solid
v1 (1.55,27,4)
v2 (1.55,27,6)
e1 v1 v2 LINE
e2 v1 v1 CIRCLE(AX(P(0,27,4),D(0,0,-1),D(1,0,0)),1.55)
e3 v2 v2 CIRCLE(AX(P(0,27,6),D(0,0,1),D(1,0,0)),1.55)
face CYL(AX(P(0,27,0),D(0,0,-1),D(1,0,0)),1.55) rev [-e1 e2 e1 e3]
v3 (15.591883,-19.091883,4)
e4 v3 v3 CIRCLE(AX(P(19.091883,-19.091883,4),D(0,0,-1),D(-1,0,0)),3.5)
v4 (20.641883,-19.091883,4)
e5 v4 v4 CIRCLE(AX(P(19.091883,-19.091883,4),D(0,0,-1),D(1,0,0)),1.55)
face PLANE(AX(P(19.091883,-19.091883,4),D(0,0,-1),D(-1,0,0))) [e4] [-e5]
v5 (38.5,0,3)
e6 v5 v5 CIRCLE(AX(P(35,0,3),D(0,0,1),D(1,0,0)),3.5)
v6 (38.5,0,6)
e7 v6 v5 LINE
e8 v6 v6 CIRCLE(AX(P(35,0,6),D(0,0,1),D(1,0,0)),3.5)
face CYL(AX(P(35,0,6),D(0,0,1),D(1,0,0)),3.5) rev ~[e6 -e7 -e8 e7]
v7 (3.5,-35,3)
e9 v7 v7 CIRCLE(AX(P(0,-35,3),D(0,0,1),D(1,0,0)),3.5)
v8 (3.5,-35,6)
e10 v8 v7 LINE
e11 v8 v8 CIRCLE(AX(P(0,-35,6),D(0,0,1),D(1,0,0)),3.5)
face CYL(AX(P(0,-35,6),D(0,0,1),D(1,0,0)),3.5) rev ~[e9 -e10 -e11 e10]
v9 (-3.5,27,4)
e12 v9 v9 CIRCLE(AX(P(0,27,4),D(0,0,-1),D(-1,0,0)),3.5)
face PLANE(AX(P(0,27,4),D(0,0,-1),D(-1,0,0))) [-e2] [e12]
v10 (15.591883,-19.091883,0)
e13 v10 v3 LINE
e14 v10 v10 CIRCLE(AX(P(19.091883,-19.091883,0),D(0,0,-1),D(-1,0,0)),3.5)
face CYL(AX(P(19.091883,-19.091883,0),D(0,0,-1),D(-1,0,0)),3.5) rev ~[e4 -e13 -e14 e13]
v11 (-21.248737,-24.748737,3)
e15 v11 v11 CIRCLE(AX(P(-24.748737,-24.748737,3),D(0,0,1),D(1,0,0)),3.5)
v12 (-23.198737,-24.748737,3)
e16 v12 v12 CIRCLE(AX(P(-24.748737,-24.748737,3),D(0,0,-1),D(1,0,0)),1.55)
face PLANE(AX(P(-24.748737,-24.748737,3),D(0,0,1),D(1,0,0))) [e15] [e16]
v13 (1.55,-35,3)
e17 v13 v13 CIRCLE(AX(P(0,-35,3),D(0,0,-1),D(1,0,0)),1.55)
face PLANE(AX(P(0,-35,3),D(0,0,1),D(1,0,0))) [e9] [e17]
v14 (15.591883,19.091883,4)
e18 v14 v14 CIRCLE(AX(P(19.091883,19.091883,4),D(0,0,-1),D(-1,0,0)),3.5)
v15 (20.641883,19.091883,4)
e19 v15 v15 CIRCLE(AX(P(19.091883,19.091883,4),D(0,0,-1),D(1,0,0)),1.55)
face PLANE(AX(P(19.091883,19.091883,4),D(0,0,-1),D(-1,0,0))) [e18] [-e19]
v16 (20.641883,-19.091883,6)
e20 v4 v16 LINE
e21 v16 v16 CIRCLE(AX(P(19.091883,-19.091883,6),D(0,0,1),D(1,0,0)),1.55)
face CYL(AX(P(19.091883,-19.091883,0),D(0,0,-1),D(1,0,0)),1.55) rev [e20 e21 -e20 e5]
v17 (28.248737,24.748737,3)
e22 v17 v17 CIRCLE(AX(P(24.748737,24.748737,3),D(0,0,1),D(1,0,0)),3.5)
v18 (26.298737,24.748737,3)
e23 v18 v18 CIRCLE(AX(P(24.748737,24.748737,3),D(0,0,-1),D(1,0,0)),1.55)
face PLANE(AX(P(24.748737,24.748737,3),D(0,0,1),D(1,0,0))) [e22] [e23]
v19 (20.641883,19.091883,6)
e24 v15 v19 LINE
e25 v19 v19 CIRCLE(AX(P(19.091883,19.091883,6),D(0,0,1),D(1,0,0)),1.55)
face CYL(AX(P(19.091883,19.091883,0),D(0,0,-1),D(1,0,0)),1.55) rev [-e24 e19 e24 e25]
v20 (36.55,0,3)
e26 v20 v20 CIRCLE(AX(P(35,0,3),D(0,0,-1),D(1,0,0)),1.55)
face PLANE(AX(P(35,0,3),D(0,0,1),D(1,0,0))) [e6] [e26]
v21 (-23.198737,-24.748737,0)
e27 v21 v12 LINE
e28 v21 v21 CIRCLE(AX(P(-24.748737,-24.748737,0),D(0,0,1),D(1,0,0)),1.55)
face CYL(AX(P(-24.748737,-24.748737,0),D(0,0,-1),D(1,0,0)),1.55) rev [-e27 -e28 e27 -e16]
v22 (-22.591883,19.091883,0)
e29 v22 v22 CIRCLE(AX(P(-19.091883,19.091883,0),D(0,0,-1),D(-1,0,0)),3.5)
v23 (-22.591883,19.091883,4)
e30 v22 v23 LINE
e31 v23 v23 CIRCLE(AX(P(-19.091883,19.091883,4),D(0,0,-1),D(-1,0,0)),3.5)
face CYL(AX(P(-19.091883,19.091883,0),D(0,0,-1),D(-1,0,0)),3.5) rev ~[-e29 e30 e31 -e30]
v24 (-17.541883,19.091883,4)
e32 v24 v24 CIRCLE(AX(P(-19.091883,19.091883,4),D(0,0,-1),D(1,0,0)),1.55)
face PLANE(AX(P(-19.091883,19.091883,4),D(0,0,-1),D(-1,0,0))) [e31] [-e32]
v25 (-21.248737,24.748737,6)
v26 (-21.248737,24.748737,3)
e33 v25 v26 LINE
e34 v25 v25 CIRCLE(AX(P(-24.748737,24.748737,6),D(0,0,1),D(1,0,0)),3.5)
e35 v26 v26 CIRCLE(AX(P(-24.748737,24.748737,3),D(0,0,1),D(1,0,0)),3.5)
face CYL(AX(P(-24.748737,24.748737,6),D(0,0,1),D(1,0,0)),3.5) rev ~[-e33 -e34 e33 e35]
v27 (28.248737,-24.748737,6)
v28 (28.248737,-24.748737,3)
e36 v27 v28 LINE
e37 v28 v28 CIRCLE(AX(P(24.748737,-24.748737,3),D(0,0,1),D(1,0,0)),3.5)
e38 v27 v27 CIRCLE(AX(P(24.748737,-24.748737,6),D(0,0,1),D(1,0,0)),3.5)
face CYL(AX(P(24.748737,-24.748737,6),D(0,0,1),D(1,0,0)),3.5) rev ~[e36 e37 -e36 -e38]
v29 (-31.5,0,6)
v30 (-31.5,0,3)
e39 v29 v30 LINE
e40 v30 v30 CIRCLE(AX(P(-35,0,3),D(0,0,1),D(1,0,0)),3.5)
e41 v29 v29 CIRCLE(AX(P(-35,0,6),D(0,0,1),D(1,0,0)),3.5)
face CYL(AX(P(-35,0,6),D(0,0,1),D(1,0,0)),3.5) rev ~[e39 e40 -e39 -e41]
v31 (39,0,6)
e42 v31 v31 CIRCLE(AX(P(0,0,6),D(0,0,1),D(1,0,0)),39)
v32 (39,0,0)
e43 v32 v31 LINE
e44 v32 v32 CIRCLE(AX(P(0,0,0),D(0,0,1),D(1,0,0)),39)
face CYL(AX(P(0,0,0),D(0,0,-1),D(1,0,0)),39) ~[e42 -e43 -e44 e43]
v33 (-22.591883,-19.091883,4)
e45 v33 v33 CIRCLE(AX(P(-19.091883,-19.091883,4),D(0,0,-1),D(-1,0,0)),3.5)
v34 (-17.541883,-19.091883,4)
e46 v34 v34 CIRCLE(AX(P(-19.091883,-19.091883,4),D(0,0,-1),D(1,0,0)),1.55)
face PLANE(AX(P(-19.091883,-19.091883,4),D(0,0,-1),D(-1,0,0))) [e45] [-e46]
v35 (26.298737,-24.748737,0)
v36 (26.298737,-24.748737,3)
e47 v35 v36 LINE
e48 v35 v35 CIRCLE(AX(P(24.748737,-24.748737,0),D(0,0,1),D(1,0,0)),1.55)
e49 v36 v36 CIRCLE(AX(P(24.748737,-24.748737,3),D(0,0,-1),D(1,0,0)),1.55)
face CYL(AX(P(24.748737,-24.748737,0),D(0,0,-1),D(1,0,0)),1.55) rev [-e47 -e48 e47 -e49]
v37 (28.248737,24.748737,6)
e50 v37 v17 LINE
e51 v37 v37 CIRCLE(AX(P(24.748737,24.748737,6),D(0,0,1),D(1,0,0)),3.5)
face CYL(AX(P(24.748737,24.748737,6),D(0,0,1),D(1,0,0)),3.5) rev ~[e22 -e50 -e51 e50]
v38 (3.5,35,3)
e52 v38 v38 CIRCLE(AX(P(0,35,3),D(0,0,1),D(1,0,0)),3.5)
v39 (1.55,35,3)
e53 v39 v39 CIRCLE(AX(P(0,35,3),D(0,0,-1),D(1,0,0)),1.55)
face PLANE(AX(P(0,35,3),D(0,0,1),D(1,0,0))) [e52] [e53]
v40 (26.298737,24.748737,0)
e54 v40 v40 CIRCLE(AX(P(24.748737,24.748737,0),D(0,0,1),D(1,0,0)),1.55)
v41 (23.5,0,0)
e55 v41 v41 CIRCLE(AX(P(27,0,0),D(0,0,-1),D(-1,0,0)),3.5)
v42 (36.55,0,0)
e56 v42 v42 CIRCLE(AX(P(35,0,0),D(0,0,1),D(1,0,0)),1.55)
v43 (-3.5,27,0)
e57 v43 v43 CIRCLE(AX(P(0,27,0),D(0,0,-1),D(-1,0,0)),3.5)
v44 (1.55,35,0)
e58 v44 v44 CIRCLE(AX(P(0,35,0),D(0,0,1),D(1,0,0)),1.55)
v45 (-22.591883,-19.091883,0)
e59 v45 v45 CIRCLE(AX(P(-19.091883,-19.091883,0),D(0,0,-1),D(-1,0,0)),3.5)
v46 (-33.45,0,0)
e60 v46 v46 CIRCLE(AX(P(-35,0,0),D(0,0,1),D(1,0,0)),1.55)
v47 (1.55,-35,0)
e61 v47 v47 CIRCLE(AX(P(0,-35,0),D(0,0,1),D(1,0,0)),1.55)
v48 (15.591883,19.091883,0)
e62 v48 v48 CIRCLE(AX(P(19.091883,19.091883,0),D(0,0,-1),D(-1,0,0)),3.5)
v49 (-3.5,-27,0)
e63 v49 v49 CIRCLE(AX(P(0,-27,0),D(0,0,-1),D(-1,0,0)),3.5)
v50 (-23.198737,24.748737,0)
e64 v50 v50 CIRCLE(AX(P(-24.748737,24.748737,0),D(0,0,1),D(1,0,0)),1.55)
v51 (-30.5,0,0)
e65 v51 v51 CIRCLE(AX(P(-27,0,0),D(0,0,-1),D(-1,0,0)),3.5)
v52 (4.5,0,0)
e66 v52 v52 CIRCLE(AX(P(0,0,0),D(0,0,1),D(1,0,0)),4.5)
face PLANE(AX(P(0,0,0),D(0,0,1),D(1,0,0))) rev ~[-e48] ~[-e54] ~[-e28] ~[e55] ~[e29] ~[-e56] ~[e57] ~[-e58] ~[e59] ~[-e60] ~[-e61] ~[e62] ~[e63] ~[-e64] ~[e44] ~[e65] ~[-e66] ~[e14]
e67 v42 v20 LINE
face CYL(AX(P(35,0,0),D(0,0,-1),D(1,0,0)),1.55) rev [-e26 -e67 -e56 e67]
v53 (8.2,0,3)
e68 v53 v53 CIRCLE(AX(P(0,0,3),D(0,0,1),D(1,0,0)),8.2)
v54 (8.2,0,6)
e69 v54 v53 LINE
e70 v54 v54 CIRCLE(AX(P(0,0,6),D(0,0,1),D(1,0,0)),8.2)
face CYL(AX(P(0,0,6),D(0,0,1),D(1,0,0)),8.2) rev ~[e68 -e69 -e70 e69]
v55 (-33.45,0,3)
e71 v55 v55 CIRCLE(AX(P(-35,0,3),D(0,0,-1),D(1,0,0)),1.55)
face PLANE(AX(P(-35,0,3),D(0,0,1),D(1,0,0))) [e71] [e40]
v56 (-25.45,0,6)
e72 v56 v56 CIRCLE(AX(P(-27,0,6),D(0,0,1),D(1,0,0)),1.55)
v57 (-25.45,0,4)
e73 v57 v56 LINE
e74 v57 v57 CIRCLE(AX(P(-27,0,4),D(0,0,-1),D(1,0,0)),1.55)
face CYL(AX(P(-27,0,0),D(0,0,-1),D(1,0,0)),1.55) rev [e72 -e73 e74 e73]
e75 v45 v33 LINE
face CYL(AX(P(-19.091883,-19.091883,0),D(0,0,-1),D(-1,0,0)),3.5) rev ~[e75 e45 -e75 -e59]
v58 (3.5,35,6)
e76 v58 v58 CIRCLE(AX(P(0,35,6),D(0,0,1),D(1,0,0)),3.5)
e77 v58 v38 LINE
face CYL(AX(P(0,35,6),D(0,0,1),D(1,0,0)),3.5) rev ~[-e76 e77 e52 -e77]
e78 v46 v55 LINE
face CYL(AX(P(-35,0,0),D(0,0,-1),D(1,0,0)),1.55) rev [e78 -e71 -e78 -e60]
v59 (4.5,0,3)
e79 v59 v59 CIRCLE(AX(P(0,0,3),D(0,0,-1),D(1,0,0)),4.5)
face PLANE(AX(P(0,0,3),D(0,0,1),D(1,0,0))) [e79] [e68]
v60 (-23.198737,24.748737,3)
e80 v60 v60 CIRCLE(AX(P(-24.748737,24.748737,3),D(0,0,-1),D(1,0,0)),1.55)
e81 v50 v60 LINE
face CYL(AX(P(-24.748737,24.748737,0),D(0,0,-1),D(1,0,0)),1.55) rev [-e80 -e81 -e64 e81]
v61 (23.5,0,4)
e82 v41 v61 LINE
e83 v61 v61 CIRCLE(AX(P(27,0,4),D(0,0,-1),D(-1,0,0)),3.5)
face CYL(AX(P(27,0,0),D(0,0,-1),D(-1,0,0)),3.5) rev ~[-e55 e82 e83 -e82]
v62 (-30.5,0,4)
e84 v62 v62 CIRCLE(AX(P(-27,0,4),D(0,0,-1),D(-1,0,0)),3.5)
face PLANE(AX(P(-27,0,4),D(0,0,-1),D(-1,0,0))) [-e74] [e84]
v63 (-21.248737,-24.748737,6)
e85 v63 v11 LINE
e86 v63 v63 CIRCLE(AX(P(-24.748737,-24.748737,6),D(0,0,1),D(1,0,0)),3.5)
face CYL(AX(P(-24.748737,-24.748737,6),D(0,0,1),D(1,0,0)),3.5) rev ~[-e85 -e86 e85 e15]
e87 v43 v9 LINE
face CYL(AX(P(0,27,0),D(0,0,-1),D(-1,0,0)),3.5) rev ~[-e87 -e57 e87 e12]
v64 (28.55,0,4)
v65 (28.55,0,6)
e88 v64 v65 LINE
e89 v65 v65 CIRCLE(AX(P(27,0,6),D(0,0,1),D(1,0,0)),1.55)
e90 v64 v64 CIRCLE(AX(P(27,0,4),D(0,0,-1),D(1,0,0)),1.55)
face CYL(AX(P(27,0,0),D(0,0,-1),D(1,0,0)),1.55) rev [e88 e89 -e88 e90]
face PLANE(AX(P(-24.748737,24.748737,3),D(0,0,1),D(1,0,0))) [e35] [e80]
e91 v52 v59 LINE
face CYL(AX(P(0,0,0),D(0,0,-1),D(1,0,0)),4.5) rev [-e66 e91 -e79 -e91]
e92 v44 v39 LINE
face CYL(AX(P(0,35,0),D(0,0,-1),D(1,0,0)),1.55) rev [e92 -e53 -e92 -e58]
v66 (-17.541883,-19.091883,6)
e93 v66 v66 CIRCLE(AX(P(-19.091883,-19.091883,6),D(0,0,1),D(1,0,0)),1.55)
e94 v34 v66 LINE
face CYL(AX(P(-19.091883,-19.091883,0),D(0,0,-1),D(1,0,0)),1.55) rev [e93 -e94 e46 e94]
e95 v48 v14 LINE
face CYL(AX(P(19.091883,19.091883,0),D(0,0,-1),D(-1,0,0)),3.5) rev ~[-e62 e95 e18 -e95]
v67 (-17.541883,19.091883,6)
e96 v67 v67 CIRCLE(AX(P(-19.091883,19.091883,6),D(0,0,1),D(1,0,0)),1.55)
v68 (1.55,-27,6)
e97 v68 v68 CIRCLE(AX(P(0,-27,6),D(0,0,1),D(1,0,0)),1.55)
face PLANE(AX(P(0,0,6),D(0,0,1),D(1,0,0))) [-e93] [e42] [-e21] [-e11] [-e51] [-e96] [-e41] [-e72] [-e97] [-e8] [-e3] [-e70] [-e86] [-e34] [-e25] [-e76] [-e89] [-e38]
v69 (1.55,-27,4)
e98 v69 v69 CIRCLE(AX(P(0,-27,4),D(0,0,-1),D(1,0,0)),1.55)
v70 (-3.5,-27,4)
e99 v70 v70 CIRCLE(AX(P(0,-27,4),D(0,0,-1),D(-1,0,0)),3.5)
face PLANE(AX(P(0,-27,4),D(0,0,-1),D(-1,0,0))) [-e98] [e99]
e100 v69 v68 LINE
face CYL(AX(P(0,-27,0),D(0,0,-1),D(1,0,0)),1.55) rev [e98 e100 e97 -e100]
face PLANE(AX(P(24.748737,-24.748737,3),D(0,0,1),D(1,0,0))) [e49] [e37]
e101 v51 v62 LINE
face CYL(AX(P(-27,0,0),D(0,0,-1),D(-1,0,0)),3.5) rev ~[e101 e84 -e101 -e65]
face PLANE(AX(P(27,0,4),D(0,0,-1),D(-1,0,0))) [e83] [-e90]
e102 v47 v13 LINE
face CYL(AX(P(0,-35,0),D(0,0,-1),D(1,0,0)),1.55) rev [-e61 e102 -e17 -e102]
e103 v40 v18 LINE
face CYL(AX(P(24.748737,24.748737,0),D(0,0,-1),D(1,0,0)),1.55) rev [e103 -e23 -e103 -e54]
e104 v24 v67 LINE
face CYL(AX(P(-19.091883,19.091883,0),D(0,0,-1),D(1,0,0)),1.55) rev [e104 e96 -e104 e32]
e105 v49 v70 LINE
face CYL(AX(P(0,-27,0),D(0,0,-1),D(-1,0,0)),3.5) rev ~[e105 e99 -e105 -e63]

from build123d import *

# Parameters (mm, degrees)
SKETCH1_R           = 39
SKETCH1_R_2         = 1.55
SKETCH1_R_3         = 4.5
BOSS_EXTRUDE2_DEPTH = 6
SKETCH2_R           = 8.2
CUT_EXTRUDE1_DEPTH  = 3
SKETCH3_R           = 3.5
CUT_EXTRUDE2_DEPTH  = 4
SKETCH4_R           = 3.5
CUT_EXTRUDE3_DEPTH  = 3


with BuildPart() as part:
    # Sketch1 → Boss-Extrude2 (new body)
    with BuildSketch(Plane.XY):
        Circle(SKETCH1_R)
        with Locations((-27, 0)):
            Circle(SKETCH1_R_2, mode=Mode.SUBTRACT)
        with Locations((-19.091883092, 19.091883092)):
            Circle(SKETCH1_R_2, mode=Mode.SUBTRACT)
        with Locations((0, 27)):
            Circle(SKETCH1_R_2, mode=Mode.SUBTRACT)
        with Locations((19.091883092, 19.091883092)):
            Circle(SKETCH1_R_2, mode=Mode.SUBTRACT)
        with Locations((27, 0)):
            Circle(SKETCH1_R_2, mode=Mode.SUBTRACT)
        with Locations((19.091883092, -19.091883092)):
            Circle(SKETCH1_R_2, mode=Mode.SUBTRACT)
        with Locations((0, -27)):
            Circle(SKETCH1_R_2, mode=Mode.SUBTRACT)
        with Locations((-19.091883092, -19.091883092)):
            Circle(SKETCH1_R_2, mode=Mode.SUBTRACT)
        Circle(SKETCH1_R_3, mode=Mode.SUBTRACT)
        with Locations((-35, 0)):
            Circle(SKETCH1_R_2, mode=Mode.SUBTRACT)
        with Locations((-24.748737342, 24.748737342)):
            Circle(SKETCH1_R_2, mode=Mode.SUBTRACT)
        with Locations((0, 35)):
            Circle(SKETCH1_R_2, mode=Mode.SUBTRACT)
        with Locations((24.748737342, 24.748737342)):
            Circle(SKETCH1_R_2, mode=Mode.SUBTRACT)
        with Locations((35, 0)):
            Circle(SKETCH1_R_2, mode=Mode.SUBTRACT)
        with Locations((24.748737342, -24.748737342)):
            Circle(SKETCH1_R_2, mode=Mode.SUBTRACT)
        with Locations((0, -35)):
            Circle(SKETCH1_R_2, mode=Mode.SUBTRACT)
        with Locations((-24.748737342, -24.748737342)):
            Circle(SKETCH1_R_2, mode=Mode.SUBTRACT)
    extrude(amount=BOSS_EXTRUDE2_DEPTH)

    # Sketch2 → Cut-Extrude1 (cut)
    with BuildSketch(Plane.XY.offset(6)):
        Circle(SKETCH2_R)
    extrude(amount=-CUT_EXTRUDE1_DEPTH, mode=Mode.SUBTRACT)

    # Sketch3 → Cut-Extrude2 (cut)
    with BuildSketch(Plane(origin=(0, 0, 0), x_dir=(-1, 0, 0), z_dir=(0, 0, -1))):
        with Locations((0, 27)):
            Circle(SKETCH3_R)
        with Locations((19.091883092, 19.091883092)):
            Circle(SKETCH3_R)
        with Locations((27, 0)):
            Circle(SKETCH3_R)
        with Locations((19.091883092, -19.091883092)):
            Circle(SKETCH3_R)
        with Locations((0, -27)):
            Circle(SKETCH3_R)
        with Locations((-19.091883092, -19.091883092)):
            Circle(SKETCH3_R)
        with Locations((-27, 0)):
            Circle(SKETCH3_R)
        with Locations((-19.091883092, 19.091883092)):
            Circle(SKETCH3_R)
    extrude(amount=-CUT_EXTRUDE2_DEPTH, mode=Mode.SUBTRACT)

    # Sketch4 → Cut-Extrude3 (cut)
    with BuildSketch(Plane.XY.offset(6)):
        with Locations((-35, 0)):
            Circle(SKETCH4_R)
        with Locations((-24.748737342, 24.748737342)):
            Circle(SKETCH4_R)
        with Locations((0, 35)):
            Circle(SKETCH4_R)
        with Locations((24.748737342, 24.748737342)):
            Circle(SKETCH4_R)
        with Locations((35, 0)):
            Circle(SKETCH4_R)
        with Locations((24.748737342, -24.748737342)):
            Circle(SKETCH4_R)
        with Locations((0, -35)):
            Circle(SKETCH4_R)
        with Locations((-24.748737342, -24.748737342)):
            Circle(SKETCH4_R)
    extrude(amount=-CUT_EXTRUDE3_DEPTH, mode=Mode.SUBTRACT)


solid = part.part
